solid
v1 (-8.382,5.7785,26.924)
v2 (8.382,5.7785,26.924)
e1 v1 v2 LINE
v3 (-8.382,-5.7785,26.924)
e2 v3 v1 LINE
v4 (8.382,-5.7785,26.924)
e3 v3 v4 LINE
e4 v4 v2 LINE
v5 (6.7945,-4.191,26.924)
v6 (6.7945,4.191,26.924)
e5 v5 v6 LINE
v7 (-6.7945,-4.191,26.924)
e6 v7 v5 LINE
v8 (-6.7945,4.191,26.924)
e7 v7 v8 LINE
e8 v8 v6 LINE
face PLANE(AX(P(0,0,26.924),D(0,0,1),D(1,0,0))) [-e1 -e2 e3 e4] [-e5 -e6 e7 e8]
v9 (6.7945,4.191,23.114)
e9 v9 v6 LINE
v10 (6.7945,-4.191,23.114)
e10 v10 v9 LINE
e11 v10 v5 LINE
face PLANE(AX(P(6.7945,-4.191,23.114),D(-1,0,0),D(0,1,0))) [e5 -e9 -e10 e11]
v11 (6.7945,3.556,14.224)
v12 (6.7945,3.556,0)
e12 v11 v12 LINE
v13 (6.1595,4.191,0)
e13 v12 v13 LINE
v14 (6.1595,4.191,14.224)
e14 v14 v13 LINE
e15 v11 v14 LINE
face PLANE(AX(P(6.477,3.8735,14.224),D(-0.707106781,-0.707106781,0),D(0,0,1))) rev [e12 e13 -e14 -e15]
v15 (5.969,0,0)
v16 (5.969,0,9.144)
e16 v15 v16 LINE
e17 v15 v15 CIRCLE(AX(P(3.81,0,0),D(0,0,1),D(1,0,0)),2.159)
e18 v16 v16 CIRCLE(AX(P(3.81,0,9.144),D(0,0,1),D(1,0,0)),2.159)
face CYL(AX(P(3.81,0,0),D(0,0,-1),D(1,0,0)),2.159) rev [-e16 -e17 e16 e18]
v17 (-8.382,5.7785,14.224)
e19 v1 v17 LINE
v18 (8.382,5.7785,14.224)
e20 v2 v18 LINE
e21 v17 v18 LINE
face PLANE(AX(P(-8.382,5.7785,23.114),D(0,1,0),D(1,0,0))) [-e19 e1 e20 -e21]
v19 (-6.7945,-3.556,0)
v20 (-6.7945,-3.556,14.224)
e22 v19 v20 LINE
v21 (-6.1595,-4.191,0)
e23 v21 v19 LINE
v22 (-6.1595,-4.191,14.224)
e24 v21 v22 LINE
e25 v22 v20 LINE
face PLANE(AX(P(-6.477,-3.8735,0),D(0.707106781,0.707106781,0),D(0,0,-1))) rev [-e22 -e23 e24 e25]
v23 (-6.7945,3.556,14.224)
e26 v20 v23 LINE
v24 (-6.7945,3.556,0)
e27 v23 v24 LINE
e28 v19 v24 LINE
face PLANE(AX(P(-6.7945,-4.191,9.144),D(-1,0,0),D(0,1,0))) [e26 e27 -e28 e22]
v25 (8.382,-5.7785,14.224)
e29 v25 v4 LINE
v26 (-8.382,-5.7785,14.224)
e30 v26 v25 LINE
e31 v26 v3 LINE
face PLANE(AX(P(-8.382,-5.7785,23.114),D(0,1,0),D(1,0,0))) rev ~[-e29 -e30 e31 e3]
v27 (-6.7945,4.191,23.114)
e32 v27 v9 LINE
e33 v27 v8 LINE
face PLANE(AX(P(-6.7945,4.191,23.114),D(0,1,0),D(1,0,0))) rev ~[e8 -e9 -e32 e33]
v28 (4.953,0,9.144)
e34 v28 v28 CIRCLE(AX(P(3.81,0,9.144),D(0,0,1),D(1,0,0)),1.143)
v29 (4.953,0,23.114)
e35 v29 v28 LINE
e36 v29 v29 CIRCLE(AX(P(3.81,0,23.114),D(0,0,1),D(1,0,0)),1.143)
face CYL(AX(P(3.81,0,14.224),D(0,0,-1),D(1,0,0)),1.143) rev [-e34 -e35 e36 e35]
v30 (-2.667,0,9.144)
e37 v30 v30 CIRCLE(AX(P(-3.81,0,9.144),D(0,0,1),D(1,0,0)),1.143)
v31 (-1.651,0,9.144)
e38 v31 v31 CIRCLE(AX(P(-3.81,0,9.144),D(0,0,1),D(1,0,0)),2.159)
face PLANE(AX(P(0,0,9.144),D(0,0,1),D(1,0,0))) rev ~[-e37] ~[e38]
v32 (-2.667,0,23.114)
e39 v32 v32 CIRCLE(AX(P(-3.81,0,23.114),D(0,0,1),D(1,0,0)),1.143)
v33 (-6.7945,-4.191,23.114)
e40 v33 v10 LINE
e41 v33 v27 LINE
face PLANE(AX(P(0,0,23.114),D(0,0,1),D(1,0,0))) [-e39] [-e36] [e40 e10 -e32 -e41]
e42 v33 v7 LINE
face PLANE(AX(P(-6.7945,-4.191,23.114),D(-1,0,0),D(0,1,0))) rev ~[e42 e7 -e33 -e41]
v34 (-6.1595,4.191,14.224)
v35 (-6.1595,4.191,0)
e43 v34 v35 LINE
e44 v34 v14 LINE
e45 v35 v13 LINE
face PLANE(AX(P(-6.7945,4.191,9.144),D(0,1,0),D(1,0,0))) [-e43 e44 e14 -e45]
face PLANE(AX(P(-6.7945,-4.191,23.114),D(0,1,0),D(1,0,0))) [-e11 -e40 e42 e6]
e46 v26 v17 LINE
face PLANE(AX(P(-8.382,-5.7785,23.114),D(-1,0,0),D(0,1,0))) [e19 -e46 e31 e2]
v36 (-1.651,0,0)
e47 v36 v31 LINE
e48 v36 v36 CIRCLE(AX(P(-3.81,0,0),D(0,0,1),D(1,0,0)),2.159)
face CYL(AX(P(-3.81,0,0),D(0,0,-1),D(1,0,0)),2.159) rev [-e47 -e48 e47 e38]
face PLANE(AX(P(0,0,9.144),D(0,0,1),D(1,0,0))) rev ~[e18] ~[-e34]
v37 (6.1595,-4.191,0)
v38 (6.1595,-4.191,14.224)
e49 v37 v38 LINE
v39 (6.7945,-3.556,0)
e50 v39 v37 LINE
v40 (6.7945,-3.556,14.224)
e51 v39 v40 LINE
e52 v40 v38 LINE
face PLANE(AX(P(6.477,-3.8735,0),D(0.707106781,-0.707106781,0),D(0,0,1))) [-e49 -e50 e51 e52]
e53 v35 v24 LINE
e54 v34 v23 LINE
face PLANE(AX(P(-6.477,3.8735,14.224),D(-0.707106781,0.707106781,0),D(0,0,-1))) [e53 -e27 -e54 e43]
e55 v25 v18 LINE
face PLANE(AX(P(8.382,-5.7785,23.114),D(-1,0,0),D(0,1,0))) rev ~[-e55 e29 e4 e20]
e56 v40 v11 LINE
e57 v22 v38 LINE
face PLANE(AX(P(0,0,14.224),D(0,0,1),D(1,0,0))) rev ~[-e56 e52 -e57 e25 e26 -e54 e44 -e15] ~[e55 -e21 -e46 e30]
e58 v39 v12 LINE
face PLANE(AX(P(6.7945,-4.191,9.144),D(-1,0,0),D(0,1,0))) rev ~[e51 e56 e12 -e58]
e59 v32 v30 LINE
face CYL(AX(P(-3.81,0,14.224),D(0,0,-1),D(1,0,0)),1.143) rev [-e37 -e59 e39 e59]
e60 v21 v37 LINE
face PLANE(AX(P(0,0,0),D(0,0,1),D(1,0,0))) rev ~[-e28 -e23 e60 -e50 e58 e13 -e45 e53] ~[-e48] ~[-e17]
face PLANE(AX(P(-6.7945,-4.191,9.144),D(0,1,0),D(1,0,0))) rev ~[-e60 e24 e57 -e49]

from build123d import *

# Parameters (mm, degrees)
F0_W     = 13.589
F0_H     = 8.382
F0_R     = 2.159
F1_DEPTH = 9.144
F2_W     = 13.589
F2_H     = 8.382
F2_R     = 2.159
F2_R_2   = 1.143
F3_DEPTH = 5.08
F4_W     = 16.764
F4_H     = 11.557
F4_W_2   = 13.589
F4_H_2   = 8.382
F4_R     = 1.143
F5_DEPTH = 8.89
F6_SIZE  = 0.635
F7_W     = 16.764
F7_H     = 11.557
F7_W_2   = 13.589
F7_H_2   = 8.382
F8_DEPTH = 3.81


with BuildPart() as f1:
    # F0 (on Top) → F1 (new body)
    with BuildSketch(Plane.XY):
        Rectangle(F0_W, F0_H)
        with Locations((-3.81, 0)):
            Circle(F0_R, mode=Mode.SUBTRACT)
        with Locations((3.81, 0)):
            Circle(F0_R, mode=Mode.SUBTRACT)
    extrude(amount=F1_DEPTH)

    # F2 (on face) → F3 (join)
    with BuildSketch(Plane.XY.offset(9.144)):
        Rectangle(F2_W, F2_H)
        with Locations((-3.81, 0)):
            Circle(F2_R, mode=Mode.SUBTRACT)
        with Locations((3.81, 0)):
            Circle(F2_R, mode=Mode.SUBTRACT)
        with Locations((-3.81, 0)):
            Circle(F2_R)
        with Locations((-3.81, 0)):
            Circle(F2_R_2, mode=Mode.SUBTRACT)
        with Locations((3.81, 0)):
            Circle(F2_R)
        with Locations((3.81, 0)):
            Circle(F2_R_2, mode=Mode.SUBTRACT)
    extrude(amount=F3_DEPTH)

    # F4 (on face) → F5 (join)
    with BuildSketch(Plane.XY.offset(14.224)):
        Rectangle(F4_W, F4_H)
        Rectangle(F4_W_2, F4_H_2, mode=Mode.SUBTRACT)
        Rectangle(F4_W_2, F4_H_2)
        with Locations((-3.81, 0)):
            Circle(F4_R, mode=Mode.SUBTRACT)
        with Locations((3.81, 0)):
            Circle(F4_R, mode=Mode.SUBTRACT)
    extrude(amount=F5_DEPTH)

    # F6
    f6_edges = [f1.edges().sort_by_distance(p)[0] for p in [
        (-6.7945, 4.191, 7.112),
        (-6.7945, -4.191, 7.112),
        (6.7945, 4.191, 7.112),
        (6.7945, -4.191, 7.112),
    ]]
    chamfer(f6_edges, length=F6_SIZE)

    # F7 (on face) → F8 (join)
    with BuildSketch(Plane.XY.offset(23.114)):
        Rectangle(F7_W, F7_H)
        Rectangle(F7_W_2, F7_H_2, mode=Mode.SUBTRACT)
    extrude(amount=F8_DEPTH)


solid = f1.part
